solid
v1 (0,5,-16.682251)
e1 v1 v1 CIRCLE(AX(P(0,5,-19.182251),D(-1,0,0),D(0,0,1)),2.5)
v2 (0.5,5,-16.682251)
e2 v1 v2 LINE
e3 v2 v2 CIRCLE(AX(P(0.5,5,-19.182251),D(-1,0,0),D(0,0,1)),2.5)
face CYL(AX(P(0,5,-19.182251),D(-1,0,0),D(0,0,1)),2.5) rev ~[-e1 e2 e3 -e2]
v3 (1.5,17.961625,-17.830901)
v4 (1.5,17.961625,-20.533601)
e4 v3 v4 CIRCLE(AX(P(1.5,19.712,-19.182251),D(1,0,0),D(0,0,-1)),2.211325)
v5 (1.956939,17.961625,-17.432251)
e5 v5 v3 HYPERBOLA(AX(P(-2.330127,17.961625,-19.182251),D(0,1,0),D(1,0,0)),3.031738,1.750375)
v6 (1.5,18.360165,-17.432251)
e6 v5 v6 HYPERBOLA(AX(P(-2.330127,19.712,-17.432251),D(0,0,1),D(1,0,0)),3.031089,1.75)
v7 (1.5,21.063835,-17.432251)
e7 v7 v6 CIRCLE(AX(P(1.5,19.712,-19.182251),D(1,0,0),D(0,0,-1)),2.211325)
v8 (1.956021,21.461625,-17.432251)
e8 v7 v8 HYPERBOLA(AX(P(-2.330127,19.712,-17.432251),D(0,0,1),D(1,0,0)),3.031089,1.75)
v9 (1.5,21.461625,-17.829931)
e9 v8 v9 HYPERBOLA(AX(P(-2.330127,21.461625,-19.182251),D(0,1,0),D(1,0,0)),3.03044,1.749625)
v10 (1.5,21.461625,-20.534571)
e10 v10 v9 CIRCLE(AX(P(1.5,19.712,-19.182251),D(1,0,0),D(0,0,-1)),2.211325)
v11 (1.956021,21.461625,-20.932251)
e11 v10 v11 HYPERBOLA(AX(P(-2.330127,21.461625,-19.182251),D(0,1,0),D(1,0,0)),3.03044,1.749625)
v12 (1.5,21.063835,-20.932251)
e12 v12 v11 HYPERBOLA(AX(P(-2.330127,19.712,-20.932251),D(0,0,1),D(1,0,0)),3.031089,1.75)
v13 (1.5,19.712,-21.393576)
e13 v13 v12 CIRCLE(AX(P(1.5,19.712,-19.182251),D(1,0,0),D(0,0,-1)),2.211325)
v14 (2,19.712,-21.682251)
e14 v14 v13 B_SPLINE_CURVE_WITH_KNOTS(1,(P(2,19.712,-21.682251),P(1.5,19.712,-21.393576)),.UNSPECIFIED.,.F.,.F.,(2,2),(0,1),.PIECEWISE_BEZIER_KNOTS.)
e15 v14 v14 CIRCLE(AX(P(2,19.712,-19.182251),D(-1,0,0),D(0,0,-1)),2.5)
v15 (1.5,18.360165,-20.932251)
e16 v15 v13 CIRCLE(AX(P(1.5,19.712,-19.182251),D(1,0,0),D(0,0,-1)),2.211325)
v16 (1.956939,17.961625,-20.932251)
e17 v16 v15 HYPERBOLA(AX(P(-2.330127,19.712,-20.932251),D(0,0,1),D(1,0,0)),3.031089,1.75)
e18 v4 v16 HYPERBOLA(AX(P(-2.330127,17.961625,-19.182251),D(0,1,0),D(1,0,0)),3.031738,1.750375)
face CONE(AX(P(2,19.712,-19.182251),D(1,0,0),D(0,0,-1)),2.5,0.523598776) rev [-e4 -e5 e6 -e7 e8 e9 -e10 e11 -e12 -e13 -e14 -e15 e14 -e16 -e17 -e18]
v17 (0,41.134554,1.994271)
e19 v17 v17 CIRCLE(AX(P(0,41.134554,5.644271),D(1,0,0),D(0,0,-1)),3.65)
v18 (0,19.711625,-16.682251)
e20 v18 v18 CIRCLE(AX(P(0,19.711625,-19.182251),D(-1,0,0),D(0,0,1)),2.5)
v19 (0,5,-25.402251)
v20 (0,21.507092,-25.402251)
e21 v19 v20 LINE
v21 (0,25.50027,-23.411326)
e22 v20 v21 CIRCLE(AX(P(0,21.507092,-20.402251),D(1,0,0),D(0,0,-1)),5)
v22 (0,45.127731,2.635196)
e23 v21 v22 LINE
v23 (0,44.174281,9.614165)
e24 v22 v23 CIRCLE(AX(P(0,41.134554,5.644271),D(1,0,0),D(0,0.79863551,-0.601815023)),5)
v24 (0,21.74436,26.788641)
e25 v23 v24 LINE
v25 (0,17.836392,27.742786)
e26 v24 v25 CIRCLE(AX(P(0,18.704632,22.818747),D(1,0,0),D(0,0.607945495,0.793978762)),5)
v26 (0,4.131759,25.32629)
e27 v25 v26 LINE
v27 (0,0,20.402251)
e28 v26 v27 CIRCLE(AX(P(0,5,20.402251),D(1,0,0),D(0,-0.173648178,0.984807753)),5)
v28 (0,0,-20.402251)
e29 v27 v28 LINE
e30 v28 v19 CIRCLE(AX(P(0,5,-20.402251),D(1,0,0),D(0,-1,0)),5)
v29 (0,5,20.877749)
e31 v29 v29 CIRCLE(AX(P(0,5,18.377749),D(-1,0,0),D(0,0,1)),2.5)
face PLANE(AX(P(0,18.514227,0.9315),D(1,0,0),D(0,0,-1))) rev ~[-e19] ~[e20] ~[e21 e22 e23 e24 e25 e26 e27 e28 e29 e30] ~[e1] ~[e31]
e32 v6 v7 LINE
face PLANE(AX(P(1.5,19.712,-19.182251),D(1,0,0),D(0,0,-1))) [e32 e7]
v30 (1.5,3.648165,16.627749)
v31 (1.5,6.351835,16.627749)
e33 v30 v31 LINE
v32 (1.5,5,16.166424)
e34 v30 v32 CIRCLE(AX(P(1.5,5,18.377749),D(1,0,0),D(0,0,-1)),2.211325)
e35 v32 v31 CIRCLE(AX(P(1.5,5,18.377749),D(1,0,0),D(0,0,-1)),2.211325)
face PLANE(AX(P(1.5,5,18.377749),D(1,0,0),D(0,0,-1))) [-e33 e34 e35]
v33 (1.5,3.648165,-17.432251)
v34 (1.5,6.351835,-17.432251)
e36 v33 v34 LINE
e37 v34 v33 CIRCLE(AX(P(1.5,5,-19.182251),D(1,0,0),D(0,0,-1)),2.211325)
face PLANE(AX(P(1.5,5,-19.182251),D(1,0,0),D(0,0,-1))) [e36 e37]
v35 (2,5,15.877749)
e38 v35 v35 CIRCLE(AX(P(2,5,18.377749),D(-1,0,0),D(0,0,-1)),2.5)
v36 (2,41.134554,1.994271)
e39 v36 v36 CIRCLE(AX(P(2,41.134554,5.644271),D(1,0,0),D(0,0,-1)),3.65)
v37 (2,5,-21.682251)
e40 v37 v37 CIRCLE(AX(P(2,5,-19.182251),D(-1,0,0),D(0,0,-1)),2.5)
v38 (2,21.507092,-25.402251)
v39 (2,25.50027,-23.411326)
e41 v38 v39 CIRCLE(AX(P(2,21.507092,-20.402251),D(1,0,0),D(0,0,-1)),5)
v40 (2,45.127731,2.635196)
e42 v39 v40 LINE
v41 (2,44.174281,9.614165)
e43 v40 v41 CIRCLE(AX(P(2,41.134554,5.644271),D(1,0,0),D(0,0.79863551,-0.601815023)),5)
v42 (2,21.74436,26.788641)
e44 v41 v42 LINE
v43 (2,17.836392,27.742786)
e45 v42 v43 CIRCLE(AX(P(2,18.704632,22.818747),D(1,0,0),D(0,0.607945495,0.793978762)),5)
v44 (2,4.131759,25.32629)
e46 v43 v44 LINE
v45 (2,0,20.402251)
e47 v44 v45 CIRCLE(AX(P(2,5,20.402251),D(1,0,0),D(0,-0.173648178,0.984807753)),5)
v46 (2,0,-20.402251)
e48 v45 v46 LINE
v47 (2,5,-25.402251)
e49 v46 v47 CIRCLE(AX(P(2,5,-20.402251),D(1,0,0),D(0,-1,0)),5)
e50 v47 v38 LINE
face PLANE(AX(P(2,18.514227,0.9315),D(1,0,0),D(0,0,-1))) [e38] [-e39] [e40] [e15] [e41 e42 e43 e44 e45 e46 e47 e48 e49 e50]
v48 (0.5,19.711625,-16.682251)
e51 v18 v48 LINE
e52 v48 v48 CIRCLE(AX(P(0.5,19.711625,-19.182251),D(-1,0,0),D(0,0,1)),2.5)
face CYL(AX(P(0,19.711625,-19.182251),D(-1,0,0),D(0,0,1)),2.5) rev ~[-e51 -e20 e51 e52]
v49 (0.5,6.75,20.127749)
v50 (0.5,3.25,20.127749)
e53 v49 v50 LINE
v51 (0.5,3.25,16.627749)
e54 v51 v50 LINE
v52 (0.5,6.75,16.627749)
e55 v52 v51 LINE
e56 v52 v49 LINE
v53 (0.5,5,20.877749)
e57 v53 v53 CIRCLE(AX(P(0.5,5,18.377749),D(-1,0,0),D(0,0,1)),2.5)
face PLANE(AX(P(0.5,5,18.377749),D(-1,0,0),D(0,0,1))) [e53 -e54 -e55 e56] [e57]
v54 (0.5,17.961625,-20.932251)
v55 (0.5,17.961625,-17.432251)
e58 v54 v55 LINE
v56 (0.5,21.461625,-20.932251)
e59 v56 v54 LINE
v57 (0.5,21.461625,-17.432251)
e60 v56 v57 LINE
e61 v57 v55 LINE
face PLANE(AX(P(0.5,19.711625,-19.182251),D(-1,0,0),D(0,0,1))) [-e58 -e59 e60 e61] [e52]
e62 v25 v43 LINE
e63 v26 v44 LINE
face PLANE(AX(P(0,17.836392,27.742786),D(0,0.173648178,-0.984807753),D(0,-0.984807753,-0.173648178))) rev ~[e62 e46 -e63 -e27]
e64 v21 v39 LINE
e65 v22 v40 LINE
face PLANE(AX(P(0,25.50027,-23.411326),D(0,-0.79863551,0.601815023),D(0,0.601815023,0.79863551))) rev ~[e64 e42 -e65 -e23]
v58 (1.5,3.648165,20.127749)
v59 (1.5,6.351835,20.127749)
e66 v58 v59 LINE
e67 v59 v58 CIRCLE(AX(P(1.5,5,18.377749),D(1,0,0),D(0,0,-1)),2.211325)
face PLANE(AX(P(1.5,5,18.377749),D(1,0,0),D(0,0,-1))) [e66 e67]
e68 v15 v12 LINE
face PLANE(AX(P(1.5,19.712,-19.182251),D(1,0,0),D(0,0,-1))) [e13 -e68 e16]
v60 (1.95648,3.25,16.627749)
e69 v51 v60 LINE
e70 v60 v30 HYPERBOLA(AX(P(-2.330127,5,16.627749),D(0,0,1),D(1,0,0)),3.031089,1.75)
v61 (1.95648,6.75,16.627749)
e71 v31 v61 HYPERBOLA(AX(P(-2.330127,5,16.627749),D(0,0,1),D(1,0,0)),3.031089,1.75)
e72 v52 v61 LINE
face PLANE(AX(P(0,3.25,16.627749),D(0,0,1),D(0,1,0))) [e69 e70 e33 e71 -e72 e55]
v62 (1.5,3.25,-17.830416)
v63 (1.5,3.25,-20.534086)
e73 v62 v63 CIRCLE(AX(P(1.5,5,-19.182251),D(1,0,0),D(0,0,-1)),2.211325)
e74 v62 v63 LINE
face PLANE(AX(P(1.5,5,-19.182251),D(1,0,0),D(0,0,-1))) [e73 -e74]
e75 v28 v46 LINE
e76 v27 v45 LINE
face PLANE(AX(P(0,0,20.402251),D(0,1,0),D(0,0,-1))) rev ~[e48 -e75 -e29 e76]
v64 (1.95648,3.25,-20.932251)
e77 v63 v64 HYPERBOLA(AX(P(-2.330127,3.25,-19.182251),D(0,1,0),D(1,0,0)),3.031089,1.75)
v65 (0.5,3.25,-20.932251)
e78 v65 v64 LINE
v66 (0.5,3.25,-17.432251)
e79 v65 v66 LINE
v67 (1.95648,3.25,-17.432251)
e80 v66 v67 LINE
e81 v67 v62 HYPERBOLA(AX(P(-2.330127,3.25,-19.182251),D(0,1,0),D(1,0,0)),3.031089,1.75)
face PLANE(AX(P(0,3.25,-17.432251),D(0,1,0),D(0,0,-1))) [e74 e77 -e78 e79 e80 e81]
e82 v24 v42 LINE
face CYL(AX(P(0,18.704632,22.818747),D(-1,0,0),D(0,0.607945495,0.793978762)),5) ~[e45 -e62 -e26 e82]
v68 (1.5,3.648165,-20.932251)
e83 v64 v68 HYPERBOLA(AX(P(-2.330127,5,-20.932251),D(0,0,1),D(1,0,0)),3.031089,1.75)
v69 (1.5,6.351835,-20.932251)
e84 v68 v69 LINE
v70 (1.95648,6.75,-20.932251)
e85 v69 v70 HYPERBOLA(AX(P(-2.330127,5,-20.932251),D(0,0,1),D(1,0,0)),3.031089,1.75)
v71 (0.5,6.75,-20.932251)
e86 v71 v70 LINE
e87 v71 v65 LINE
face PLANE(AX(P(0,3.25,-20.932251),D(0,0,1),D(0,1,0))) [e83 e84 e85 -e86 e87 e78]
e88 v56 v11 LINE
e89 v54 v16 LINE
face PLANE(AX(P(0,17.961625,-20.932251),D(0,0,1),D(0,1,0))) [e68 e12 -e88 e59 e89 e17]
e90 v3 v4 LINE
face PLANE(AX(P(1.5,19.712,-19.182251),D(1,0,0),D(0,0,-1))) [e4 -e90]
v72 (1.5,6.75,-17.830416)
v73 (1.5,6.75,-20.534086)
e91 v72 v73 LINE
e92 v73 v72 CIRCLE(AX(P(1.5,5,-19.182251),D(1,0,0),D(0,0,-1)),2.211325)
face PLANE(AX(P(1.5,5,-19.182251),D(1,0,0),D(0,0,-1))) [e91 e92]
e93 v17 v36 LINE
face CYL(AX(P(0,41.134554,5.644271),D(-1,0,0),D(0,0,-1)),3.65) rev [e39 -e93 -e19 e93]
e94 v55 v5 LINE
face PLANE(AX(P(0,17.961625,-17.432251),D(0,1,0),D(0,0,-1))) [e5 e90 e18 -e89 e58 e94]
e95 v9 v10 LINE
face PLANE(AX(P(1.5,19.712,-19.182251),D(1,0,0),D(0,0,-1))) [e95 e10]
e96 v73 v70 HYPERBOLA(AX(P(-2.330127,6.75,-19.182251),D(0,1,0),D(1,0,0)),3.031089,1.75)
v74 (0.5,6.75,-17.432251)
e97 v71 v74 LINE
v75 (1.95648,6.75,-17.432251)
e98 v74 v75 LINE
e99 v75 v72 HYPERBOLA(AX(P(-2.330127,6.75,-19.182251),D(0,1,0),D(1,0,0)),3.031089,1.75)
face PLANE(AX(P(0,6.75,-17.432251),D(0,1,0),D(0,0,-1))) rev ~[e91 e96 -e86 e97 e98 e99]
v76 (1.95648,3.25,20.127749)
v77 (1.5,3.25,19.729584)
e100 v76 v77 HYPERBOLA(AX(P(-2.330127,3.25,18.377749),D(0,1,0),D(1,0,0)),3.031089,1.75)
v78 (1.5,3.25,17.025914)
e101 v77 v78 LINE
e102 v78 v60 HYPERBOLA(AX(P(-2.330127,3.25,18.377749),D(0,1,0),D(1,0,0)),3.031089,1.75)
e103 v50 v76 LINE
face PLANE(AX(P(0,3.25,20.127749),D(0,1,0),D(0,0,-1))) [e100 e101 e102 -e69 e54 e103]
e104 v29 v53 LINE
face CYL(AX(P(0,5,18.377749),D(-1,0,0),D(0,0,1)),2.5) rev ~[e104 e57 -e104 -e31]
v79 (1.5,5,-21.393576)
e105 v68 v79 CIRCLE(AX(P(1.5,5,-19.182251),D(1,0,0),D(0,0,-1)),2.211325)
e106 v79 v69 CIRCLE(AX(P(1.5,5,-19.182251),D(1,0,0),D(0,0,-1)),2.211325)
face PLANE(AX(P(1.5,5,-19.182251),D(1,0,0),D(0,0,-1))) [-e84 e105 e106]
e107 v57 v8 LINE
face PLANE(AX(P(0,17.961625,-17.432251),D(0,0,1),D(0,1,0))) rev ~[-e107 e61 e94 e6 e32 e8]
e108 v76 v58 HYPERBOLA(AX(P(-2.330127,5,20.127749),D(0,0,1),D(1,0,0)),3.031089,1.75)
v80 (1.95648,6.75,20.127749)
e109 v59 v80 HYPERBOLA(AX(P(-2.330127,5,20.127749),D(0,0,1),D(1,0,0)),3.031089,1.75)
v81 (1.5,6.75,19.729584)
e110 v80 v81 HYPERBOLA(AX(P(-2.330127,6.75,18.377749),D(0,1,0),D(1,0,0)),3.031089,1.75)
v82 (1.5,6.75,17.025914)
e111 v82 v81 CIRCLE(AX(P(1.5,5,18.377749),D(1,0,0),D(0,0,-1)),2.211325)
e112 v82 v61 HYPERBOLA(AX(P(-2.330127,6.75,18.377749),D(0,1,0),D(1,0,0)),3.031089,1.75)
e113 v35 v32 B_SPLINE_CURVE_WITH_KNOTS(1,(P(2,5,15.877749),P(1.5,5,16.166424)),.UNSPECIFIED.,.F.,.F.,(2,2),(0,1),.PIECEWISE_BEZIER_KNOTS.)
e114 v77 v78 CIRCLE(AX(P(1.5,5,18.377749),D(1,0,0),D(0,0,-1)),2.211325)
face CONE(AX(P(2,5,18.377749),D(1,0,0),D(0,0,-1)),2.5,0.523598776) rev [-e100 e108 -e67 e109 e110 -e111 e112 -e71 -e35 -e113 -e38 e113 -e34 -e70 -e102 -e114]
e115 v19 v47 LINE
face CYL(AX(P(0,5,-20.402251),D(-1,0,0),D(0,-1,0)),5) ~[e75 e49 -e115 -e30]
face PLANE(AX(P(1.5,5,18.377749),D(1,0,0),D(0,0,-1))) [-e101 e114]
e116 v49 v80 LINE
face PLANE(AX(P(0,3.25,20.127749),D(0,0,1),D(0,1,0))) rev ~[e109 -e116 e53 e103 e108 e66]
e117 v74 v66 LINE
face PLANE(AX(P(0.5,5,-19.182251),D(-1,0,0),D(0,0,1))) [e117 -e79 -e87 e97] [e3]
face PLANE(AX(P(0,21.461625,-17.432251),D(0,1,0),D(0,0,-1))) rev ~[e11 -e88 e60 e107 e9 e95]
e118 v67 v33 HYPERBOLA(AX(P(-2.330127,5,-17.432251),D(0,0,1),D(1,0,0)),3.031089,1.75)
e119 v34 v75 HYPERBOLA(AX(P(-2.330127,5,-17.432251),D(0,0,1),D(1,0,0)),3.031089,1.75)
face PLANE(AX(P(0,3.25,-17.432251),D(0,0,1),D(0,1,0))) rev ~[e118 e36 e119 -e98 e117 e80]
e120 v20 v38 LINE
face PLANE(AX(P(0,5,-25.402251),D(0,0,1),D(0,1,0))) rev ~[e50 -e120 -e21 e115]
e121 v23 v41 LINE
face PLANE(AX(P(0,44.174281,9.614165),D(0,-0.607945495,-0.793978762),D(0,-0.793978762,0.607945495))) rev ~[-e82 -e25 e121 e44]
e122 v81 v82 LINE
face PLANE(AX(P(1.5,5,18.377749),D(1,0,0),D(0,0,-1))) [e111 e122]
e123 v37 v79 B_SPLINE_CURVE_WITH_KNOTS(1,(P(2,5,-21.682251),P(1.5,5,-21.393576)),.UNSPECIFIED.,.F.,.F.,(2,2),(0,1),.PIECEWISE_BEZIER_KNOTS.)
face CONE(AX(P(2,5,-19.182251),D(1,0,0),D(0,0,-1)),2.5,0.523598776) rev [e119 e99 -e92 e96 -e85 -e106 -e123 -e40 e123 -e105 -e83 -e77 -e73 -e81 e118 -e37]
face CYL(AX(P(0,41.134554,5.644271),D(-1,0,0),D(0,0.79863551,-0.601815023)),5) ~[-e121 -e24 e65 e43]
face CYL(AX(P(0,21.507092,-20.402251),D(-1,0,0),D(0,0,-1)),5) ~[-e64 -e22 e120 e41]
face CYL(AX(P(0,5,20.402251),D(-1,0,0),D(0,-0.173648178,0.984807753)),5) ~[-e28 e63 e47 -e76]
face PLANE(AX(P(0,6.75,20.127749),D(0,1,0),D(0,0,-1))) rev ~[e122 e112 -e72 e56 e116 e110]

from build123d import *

# Parameters (mm, degrees)
SKETCH1_R           = 3.65
SKETCH1_W           = 3.5
SKETCH1_H           = 3.5
BOSS_EXTRUDE1_DEPTH = 2
SKETCH3_R           = 2.5
CUT_EXTRUDE1_DEPTH  = 0.5
CUT_EXTRUDE1_TAPER  = 30
SKETCH5_R           = 2.5
CUT_EXTRUDE2_DEPTH  = 0.5


with BuildPart() as part:
    # Sketch1 → Boss-Extrude1 (new body)
    with BuildSketch(Plane(origin=(0, 0, 0), x_dir=(0, 0, -1), z_dir=(1, 0, 0))):
        with BuildLine():
            Line((-20.402250922, 0), (20.402250922, 0))
            ThreePointArc((20.402250922, 0), (23.937784828, 1.464466094), (25.402250922, 5))
            Line((25.402250922, 5), (25.402250922, 21.50709196))
            ThreePointArc((25.402250922, 21.50709196), (24.87692273, 23.738081025), (23.411326038, 25.50026951))
            Line((23.411326038, 25.50026951), (-2.635195634, 45.127731407))
            ThreePointArc((-2.635195634, 45.127731407), (-6.321071977, 46.088536103), (-9.61416456, 44.174281334))
            Line((-9.61416456, 44.174281334), (-26.788641191, 21.74435991))
            ThreePointArc((-26.788641191, 21.74435991), (-27.676067974, 19.890565251), (-27.742786146, 17.836391544))
            Line((-27.742786146, 17.836391544), (-25.326289687, 4.131759112))
            ThreePointArc((-25.326289687, 4.131759112), (-23.61618897, 1.169777784), (-20.402250922, 0))
        make_face()
        with Locations((-5.64427075, 41.134553857)):
            Circle(SKETCH1_R, mode=Mode.SUBTRACT)
        with Locations((-18.377749078, 5)):
            Rectangle(SKETCH1_W, SKETCH1_H, mode=Mode.SUBTRACT)
        with Locations((19.182250922, 5)):
            Rectangle(SKETCH1_W, SKETCH1_H, mode=Mode.SUBTRACT)
        with Locations((19.182250922, 19.71162529)):
            Rectangle(SKETCH1_W, SKETCH1_H, mode=Mode.SUBTRACT)
    extrude(amount=BOSS_EXTRUDE1_DEPTH)

    # Sketch3 → Cut-Extrude1 (cut)
    with BuildSketch(Plane(origin=(2, 0, 0), x_dir=(0, 0, -1), z_dir=(1, 0, 0))):
        with Locations((-18.377749078, 5)):
            Circle(SKETCH3_R)
        with Locations((19.182250922, 5)):
            Circle(SKETCH3_R)
        with Locations((19.182250922, 19.712)):
            Circle(SKETCH3_R)
    extrude(amount=-CUT_EXTRUDE1_DEPTH, taper=CUT_EXTRUDE1_TAPER, mode=Mode.SUBTRACT)

    # Sketch5 → Cut-Extrude2 (cut)
    with BuildSketch(Plane.ZY):
        with Locations((-19.182250922, 5)):
            Circle(SKETCH5_R)
        with Locations((-19.182250922, 19.71162529)):
            Circle(SKETCH5_R)
        with Locations((18.377749078, 5)):
            Circle(SKETCH5_R)
    extrude(amount=-CUT_EXTRUDE2_DEPTH, mode=Mode.SUBTRACT)


solid = part.part
